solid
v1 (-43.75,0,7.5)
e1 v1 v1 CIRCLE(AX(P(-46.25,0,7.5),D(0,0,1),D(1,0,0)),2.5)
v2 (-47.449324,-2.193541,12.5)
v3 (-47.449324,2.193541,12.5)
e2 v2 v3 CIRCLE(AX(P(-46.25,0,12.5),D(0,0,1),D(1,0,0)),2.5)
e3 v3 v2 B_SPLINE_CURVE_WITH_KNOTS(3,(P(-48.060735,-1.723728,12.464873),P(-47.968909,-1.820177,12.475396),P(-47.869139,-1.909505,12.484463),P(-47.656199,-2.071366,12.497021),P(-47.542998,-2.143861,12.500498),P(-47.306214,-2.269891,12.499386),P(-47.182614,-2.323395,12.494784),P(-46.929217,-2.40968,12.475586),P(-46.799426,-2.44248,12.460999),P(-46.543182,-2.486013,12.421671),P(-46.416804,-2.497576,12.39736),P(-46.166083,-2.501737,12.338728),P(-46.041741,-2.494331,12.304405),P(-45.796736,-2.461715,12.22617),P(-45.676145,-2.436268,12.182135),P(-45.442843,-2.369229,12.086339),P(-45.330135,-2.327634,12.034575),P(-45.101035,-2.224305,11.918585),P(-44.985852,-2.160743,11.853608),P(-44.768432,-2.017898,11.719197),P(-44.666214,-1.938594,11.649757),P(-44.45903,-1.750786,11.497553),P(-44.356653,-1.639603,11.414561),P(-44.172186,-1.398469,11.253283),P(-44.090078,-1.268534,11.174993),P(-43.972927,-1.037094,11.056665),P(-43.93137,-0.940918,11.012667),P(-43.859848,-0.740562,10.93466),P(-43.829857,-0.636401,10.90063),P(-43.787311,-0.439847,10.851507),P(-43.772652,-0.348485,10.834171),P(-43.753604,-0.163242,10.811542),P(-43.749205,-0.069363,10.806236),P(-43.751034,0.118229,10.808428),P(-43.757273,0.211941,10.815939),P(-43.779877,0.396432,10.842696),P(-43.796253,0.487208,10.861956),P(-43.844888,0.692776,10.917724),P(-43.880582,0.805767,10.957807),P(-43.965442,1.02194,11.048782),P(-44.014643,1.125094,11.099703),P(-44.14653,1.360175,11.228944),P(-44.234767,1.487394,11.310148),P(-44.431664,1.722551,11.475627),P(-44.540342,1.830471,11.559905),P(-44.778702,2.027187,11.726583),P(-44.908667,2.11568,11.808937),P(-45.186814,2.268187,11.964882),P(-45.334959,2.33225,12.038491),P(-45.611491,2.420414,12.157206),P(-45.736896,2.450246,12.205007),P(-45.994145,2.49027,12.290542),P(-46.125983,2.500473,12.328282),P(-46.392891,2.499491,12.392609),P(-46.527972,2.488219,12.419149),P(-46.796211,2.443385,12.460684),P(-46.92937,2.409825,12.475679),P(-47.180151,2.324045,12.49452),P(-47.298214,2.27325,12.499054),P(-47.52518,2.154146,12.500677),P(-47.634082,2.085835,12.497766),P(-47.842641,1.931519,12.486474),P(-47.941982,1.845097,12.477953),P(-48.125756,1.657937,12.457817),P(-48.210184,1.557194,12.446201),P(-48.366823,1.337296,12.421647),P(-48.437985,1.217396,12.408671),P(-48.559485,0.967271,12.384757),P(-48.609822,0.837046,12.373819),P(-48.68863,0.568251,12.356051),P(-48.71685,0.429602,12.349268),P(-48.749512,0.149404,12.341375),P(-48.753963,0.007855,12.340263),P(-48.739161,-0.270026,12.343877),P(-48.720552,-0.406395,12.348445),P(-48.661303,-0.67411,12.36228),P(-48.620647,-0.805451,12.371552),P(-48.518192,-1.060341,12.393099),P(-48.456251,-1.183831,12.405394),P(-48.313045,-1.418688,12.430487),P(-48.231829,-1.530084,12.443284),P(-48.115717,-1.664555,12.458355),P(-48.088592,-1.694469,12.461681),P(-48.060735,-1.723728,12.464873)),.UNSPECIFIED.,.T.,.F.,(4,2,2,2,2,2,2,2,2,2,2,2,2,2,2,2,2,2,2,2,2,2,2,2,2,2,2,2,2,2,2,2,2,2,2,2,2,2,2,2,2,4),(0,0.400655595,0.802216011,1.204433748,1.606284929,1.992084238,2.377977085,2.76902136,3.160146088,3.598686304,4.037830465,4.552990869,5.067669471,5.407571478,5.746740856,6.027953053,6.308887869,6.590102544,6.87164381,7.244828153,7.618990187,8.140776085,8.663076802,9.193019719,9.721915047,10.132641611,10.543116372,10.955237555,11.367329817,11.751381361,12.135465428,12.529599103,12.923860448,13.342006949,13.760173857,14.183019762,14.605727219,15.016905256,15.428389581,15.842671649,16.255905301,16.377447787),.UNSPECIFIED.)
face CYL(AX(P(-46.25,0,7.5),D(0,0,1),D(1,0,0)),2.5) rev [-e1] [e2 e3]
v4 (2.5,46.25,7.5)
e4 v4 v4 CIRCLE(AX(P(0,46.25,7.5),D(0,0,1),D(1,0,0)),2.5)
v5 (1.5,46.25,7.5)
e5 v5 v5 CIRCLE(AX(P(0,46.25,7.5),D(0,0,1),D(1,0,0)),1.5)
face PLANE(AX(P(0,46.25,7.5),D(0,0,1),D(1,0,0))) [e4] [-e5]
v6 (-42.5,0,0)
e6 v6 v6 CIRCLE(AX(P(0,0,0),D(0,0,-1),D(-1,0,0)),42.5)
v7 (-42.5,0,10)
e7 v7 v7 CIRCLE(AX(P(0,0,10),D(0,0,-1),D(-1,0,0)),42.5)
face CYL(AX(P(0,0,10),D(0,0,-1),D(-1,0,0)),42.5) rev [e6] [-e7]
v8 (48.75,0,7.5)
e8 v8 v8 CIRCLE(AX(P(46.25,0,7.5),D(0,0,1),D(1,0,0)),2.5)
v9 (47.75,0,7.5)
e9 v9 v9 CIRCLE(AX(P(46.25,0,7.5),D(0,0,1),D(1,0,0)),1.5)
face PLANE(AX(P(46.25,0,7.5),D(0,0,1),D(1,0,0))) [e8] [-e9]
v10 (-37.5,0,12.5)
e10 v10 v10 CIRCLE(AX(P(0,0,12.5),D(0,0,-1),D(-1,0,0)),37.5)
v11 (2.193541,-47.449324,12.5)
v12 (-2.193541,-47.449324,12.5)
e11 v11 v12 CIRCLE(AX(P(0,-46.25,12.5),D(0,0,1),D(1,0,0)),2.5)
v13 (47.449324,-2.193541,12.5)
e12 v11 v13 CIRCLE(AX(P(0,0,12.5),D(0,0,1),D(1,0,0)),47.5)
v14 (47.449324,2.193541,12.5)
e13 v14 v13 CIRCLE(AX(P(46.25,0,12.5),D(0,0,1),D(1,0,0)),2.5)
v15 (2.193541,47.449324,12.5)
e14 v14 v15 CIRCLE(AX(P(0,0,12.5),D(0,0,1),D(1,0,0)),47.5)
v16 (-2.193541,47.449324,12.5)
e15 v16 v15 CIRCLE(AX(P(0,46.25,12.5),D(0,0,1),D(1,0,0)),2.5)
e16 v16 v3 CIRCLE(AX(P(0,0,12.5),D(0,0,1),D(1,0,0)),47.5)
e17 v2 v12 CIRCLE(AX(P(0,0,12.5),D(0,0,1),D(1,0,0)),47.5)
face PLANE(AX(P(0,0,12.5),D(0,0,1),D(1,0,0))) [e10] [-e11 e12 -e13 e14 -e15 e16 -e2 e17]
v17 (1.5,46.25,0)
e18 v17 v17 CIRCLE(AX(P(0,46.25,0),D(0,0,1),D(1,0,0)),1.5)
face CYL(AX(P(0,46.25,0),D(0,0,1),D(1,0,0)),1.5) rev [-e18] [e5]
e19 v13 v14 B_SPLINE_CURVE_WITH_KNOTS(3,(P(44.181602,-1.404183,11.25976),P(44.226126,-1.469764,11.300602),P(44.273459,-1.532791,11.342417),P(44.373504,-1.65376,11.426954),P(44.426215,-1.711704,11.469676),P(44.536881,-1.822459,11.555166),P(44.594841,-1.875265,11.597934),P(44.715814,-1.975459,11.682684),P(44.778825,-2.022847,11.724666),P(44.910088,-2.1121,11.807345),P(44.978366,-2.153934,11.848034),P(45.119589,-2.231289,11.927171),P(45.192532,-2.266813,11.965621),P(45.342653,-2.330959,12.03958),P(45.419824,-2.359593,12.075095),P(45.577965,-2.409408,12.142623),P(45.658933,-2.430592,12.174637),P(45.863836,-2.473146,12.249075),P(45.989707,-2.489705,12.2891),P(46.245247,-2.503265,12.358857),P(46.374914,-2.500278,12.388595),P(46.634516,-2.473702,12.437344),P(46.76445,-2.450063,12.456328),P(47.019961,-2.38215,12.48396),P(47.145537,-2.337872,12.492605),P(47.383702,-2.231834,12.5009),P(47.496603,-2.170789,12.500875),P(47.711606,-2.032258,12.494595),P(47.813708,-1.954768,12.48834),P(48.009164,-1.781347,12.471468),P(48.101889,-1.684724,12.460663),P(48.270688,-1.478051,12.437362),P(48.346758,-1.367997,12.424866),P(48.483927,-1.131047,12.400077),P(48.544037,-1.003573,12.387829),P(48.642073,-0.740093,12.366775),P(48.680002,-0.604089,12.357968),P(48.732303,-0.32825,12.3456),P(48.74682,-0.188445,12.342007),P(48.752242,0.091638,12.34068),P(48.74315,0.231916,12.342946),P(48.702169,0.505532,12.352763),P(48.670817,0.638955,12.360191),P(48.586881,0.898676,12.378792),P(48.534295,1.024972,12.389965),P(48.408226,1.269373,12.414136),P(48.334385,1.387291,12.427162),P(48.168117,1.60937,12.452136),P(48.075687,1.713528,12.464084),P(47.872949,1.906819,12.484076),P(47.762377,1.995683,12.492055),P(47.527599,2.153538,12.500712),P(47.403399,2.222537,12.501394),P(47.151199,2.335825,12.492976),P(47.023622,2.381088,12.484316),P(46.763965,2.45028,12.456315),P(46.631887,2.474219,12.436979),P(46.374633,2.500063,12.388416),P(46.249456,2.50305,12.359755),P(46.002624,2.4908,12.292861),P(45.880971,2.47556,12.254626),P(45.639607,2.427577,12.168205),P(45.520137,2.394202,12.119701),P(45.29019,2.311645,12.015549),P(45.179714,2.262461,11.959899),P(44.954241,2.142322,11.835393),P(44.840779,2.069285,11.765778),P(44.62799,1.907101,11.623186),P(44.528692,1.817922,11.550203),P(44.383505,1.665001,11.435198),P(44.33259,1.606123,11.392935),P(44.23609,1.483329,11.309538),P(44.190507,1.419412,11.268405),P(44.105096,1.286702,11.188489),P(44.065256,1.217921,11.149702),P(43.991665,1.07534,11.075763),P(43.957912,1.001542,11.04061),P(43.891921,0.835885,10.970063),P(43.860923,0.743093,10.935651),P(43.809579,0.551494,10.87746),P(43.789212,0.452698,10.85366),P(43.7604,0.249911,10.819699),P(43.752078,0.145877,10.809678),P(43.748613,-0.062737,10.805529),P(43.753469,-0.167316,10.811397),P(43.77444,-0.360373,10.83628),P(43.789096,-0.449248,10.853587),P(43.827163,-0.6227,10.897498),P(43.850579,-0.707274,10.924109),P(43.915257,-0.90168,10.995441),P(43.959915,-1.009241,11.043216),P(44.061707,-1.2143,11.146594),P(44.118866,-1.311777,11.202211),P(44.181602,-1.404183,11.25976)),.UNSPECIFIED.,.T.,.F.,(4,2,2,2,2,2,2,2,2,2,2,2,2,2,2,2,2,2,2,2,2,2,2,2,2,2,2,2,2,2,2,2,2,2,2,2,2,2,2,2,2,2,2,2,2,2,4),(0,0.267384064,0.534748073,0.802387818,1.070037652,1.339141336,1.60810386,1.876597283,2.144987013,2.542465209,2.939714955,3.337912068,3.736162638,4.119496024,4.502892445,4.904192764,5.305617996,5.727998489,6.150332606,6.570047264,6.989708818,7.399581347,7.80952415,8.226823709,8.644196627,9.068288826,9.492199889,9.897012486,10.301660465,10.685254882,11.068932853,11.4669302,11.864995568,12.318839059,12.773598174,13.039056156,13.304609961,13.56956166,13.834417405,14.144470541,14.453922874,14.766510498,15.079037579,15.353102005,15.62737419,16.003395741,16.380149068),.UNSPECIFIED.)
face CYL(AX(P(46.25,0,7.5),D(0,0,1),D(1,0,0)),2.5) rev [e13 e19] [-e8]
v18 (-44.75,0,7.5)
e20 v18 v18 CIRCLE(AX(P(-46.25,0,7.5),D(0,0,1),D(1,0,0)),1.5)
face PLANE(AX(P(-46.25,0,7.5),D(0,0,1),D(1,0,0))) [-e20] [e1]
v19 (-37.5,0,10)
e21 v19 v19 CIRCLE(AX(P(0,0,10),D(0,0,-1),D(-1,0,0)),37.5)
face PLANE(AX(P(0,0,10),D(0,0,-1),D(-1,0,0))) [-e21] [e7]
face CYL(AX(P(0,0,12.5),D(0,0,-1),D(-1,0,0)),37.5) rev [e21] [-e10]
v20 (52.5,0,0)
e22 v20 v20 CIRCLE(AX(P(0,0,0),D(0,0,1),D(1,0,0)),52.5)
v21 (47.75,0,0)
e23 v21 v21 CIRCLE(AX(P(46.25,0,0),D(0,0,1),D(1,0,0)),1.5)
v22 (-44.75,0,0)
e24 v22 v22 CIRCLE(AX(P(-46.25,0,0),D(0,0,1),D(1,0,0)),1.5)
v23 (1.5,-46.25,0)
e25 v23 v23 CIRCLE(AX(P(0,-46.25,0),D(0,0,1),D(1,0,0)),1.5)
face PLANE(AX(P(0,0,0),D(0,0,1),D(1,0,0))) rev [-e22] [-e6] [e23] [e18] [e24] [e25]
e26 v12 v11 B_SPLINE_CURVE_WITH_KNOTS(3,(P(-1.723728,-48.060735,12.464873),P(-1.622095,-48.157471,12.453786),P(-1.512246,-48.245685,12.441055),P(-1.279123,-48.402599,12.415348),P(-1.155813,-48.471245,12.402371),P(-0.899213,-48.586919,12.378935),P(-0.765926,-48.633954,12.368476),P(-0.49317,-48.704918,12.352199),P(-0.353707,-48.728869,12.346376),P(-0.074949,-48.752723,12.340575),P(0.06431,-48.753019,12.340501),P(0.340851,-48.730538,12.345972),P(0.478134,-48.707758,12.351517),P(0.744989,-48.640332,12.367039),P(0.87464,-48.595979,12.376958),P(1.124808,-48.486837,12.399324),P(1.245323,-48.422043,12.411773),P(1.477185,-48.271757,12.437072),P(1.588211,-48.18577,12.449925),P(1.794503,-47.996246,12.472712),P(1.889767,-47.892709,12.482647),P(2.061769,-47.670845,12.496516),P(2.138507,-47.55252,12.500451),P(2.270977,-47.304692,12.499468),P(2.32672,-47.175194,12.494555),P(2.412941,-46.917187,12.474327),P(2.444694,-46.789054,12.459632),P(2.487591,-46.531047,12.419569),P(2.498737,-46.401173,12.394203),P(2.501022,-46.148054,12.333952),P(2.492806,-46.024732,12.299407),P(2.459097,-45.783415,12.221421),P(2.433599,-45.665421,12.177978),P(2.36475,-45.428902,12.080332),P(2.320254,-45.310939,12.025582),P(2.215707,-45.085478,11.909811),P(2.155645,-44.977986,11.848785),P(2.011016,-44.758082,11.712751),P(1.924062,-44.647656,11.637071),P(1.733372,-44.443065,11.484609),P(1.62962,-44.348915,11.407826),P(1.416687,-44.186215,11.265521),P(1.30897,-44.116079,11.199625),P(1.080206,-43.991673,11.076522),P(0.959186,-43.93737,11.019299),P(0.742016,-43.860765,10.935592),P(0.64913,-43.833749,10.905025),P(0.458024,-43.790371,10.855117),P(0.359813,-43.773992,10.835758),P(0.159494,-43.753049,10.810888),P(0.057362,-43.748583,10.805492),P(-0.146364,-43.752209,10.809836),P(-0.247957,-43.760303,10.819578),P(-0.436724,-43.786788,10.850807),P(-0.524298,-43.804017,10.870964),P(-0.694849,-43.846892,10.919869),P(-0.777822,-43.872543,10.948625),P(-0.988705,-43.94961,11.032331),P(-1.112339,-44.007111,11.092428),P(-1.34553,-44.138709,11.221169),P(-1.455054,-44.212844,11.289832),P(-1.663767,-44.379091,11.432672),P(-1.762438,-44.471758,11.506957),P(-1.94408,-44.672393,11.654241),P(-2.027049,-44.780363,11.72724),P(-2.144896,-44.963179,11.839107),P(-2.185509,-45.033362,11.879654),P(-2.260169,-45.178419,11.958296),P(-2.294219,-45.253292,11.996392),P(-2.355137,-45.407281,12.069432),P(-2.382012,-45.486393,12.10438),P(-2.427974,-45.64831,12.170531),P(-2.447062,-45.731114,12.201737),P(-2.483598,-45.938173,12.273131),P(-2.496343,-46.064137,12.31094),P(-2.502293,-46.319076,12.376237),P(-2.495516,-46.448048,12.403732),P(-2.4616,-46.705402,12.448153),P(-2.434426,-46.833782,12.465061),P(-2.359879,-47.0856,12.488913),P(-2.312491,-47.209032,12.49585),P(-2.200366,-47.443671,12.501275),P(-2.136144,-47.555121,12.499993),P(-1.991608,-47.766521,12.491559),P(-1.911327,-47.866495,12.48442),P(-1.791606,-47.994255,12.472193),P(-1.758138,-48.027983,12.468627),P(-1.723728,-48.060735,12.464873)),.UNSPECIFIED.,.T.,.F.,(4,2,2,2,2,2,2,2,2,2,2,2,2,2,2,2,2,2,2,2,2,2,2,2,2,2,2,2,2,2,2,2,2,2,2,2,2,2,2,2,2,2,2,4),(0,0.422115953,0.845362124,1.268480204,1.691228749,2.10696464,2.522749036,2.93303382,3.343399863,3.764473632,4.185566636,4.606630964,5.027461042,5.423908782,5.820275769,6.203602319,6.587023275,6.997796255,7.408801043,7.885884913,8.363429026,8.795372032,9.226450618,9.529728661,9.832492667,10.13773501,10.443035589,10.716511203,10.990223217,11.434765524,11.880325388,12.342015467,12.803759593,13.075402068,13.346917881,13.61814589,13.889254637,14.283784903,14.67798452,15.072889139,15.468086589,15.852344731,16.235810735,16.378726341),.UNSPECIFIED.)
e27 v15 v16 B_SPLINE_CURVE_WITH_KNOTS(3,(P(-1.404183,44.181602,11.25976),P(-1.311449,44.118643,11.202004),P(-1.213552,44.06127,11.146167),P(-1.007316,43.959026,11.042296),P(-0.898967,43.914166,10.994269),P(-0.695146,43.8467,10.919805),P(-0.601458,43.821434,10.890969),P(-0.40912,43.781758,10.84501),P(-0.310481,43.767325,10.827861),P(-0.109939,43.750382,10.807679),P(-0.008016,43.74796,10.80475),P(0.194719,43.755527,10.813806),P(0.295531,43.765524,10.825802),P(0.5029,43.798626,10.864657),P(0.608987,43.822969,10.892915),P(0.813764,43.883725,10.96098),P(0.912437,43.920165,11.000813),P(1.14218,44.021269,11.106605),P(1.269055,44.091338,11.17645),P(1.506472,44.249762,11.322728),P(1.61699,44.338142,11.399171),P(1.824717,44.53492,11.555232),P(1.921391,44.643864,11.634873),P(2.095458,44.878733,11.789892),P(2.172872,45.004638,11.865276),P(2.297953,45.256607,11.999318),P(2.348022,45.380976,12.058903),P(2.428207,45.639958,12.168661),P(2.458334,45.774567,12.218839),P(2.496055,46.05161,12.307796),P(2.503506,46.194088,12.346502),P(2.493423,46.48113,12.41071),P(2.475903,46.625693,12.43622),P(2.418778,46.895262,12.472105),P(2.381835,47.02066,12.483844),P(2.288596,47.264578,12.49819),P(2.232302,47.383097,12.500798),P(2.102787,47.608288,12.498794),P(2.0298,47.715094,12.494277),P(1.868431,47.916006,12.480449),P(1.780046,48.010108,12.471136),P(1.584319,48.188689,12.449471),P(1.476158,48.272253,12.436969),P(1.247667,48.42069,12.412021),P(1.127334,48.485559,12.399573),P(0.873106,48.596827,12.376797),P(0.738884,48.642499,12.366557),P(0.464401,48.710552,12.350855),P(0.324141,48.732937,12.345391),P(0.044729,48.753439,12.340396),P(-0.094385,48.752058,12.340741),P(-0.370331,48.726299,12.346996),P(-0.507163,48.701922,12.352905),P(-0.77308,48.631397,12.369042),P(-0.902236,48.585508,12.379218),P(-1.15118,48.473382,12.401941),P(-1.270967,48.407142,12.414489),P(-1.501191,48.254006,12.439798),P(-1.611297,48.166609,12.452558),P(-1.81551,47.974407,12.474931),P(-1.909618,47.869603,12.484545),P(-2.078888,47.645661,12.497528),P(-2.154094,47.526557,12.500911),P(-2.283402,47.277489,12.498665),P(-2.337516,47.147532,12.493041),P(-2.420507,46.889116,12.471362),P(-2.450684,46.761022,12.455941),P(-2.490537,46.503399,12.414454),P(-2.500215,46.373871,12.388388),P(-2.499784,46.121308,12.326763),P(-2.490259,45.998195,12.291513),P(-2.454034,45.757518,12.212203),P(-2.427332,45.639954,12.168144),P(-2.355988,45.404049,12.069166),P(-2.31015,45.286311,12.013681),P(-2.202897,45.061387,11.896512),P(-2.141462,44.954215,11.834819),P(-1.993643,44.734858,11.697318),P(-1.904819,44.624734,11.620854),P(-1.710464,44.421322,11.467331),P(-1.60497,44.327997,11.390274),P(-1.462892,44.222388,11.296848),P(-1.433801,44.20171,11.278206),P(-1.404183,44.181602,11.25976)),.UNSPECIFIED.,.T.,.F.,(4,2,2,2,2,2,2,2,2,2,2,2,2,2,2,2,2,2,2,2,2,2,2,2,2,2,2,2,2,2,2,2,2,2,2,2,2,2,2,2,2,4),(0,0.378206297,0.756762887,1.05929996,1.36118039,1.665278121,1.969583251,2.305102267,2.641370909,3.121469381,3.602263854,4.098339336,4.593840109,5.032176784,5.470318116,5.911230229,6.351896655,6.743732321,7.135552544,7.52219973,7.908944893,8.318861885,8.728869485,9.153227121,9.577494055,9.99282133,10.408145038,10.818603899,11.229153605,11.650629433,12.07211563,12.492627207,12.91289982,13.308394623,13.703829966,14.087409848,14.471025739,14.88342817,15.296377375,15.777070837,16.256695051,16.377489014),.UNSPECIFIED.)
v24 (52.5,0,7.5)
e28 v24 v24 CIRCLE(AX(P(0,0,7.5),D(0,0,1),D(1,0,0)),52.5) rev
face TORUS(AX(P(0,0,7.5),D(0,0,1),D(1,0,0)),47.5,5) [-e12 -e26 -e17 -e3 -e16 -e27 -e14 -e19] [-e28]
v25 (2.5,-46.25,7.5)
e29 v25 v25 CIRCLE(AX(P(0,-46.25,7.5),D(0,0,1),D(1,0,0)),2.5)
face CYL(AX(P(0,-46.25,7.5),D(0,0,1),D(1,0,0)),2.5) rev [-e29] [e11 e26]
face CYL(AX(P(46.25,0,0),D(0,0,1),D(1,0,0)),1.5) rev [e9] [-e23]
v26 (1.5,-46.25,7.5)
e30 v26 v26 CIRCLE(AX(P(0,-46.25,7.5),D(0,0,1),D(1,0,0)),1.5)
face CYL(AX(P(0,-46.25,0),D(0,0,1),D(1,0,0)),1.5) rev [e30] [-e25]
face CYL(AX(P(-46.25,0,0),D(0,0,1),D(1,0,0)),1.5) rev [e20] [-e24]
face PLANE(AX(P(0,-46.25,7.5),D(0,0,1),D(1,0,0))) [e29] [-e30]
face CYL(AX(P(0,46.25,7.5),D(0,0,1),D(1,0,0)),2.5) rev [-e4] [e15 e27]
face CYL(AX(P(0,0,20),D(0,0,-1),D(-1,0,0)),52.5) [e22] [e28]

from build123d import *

# Parameters (mm, degrees)
SKETCH1_R           = 52.5
BOSS_EXTRUDE1_DEPTH = 20
SKETCH2_R           = 42.5
SKETCH2_R_2         = 40
CUT_EXTRUDE1_DEPTH  = 10
SKETCH4_R           = 40
CUT_EXTRUDE3_DEPTH  = 10
SKETCH8_R           = 55
CUT_EXTRUDE4_DEPTH  = 7.5
SKETCH9_R           = 37.5
CUT_EXTRUDE5_DEPTH  = 2.5
FILLET1_R           = 5
SKETCH10_R          = 2.5
CUT_EXTRUDE6_DEPTH  = 5
SKETCH11_R          = 1.5
CUT_EXTRUDE7_DEPTH  = 7.5
SKETCH13_R          = 1.5
CUT_EXTRUDE9_DEPTH  = 7.5
SKETCH14_R          = 1.5
CUT_EXTRUDE10_DEPTH = 7.5
SKETCH15_R          = 1.5
CUT_EXTRUDE11_DEPTH = 7.5


with BuildPart() as part:
    # Sketch1 → Boss-Extrude1 (new body)
    with BuildSketch(Plane.XY):
        Circle(SKETCH1_R)
    extrude(amount=BOSS_EXTRUDE1_DEPTH)

    # Sketch2 → Cut-Extrude1 (cut)
    with BuildSketch(Plane(origin=(0, 0, 0), x_dir=(-1, 0, 0), z_dir=(0, 0, -1))):
        Circle(SKETCH2_R)
        Circle(SKETCH2_R_2, mode=Mode.SUBTRACT)
    extrude(amount=-CUT_EXTRUDE1_DEPTH, mode=Mode.SUBTRACT)

    # Sketch4 → Cut-Extrude3 (cut)
    with BuildSketch(Plane(origin=(0, 0, 0), x_dir=(-1, 0, 0), z_dir=(0, 0, -1))):
        Circle(SKETCH4_R)
    extrude(amount=-CUT_EXTRUDE3_DEPTH, mode=Mode.SUBTRACT)

    # Sketch8 → Cut-Extrude4 (cut)
    with BuildSketch(Plane.XY.offset(20)):
        Circle(SKETCH8_R)
    extrude(amount=-CUT_EXTRUDE4_DEPTH, mode=Mode.SUBTRACT)

    # Sketch9 → Cut-Extrude5 (cut)
    with BuildSketch(Plane(origin=(0, 0, 10), x_dir=(-1, 0, 0), z_dir=(0, 0, -1))):
        Circle(SKETCH9_R)
    extrude(amount=-CUT_EXTRUDE5_DEPTH, mode=Mode.SUBTRACT)

    # Fillet1
    fillet1_edges = [part.edges().sort_by_distance(p)[0] for p in [
        (-52.5, 0, 12.5),
    ]]
    fillet(fillet1_edges, radius=FILLET1_R)

    # Sketch10 → Cut-Extrude6 (cut)
    with BuildSketch(Plane.XY.offset(12.5)):
        with Locations((0, 46.25)):
            Circle(SKETCH10_R)
        with Locations((46.25, 0)):
            Circle(SKETCH10_R)
        with Locations((0, -46.25)):
            Circle(SKETCH10_R)
        with Locations((-46.25, 0)):
            Circle(SKETCH10_R)
    extrude(amount=-CUT_EXTRUDE6_DEPTH, mode=Mode.SUBTRACT)

    # Sketch11 → Cut-Extrude7 (cut)
    with BuildSketch(Plane.XY.offset(7.5)):
        with Locations((0, 46.25)):
            Circle(SKETCH11_R)
    extrude(amount=-CUT_EXTRUDE7_DEPTH, mode=Mode.SUBTRACT)

    # Sketch13 → Cut-Extrude9 (cut)
    with BuildSketch(Plane.XY.offset(7.5)):
        with Locations((0, -46.25)):
            Circle(SKETCH13_R)
    extrude(amount=-CUT_EXTRUDE9_DEPTH, mode=Mode.SUBTRACT)

    # Sketch14 → Cut-Extrude10 (cut)
    with BuildSketch(Plane.XY.offset(7.5)):
        with Locations((-46.25, 0)):
            Circle(SKETCH14_R)
    extrude(amount=-CUT_EXTRUDE10_DEPTH, mode=Mode.SUBTRACT)

    # Sketch15 → Cut-Extrude11 (cut)
    with BuildSketch(Plane.XY.offset(7.5)):
        with Locations((46.25, 0)):
            Circle(SKETCH15_R)
    extrude(amount=-CUT_EXTRUDE11_DEPTH, mode=Mode.SUBTRACT)


solid = part.part
